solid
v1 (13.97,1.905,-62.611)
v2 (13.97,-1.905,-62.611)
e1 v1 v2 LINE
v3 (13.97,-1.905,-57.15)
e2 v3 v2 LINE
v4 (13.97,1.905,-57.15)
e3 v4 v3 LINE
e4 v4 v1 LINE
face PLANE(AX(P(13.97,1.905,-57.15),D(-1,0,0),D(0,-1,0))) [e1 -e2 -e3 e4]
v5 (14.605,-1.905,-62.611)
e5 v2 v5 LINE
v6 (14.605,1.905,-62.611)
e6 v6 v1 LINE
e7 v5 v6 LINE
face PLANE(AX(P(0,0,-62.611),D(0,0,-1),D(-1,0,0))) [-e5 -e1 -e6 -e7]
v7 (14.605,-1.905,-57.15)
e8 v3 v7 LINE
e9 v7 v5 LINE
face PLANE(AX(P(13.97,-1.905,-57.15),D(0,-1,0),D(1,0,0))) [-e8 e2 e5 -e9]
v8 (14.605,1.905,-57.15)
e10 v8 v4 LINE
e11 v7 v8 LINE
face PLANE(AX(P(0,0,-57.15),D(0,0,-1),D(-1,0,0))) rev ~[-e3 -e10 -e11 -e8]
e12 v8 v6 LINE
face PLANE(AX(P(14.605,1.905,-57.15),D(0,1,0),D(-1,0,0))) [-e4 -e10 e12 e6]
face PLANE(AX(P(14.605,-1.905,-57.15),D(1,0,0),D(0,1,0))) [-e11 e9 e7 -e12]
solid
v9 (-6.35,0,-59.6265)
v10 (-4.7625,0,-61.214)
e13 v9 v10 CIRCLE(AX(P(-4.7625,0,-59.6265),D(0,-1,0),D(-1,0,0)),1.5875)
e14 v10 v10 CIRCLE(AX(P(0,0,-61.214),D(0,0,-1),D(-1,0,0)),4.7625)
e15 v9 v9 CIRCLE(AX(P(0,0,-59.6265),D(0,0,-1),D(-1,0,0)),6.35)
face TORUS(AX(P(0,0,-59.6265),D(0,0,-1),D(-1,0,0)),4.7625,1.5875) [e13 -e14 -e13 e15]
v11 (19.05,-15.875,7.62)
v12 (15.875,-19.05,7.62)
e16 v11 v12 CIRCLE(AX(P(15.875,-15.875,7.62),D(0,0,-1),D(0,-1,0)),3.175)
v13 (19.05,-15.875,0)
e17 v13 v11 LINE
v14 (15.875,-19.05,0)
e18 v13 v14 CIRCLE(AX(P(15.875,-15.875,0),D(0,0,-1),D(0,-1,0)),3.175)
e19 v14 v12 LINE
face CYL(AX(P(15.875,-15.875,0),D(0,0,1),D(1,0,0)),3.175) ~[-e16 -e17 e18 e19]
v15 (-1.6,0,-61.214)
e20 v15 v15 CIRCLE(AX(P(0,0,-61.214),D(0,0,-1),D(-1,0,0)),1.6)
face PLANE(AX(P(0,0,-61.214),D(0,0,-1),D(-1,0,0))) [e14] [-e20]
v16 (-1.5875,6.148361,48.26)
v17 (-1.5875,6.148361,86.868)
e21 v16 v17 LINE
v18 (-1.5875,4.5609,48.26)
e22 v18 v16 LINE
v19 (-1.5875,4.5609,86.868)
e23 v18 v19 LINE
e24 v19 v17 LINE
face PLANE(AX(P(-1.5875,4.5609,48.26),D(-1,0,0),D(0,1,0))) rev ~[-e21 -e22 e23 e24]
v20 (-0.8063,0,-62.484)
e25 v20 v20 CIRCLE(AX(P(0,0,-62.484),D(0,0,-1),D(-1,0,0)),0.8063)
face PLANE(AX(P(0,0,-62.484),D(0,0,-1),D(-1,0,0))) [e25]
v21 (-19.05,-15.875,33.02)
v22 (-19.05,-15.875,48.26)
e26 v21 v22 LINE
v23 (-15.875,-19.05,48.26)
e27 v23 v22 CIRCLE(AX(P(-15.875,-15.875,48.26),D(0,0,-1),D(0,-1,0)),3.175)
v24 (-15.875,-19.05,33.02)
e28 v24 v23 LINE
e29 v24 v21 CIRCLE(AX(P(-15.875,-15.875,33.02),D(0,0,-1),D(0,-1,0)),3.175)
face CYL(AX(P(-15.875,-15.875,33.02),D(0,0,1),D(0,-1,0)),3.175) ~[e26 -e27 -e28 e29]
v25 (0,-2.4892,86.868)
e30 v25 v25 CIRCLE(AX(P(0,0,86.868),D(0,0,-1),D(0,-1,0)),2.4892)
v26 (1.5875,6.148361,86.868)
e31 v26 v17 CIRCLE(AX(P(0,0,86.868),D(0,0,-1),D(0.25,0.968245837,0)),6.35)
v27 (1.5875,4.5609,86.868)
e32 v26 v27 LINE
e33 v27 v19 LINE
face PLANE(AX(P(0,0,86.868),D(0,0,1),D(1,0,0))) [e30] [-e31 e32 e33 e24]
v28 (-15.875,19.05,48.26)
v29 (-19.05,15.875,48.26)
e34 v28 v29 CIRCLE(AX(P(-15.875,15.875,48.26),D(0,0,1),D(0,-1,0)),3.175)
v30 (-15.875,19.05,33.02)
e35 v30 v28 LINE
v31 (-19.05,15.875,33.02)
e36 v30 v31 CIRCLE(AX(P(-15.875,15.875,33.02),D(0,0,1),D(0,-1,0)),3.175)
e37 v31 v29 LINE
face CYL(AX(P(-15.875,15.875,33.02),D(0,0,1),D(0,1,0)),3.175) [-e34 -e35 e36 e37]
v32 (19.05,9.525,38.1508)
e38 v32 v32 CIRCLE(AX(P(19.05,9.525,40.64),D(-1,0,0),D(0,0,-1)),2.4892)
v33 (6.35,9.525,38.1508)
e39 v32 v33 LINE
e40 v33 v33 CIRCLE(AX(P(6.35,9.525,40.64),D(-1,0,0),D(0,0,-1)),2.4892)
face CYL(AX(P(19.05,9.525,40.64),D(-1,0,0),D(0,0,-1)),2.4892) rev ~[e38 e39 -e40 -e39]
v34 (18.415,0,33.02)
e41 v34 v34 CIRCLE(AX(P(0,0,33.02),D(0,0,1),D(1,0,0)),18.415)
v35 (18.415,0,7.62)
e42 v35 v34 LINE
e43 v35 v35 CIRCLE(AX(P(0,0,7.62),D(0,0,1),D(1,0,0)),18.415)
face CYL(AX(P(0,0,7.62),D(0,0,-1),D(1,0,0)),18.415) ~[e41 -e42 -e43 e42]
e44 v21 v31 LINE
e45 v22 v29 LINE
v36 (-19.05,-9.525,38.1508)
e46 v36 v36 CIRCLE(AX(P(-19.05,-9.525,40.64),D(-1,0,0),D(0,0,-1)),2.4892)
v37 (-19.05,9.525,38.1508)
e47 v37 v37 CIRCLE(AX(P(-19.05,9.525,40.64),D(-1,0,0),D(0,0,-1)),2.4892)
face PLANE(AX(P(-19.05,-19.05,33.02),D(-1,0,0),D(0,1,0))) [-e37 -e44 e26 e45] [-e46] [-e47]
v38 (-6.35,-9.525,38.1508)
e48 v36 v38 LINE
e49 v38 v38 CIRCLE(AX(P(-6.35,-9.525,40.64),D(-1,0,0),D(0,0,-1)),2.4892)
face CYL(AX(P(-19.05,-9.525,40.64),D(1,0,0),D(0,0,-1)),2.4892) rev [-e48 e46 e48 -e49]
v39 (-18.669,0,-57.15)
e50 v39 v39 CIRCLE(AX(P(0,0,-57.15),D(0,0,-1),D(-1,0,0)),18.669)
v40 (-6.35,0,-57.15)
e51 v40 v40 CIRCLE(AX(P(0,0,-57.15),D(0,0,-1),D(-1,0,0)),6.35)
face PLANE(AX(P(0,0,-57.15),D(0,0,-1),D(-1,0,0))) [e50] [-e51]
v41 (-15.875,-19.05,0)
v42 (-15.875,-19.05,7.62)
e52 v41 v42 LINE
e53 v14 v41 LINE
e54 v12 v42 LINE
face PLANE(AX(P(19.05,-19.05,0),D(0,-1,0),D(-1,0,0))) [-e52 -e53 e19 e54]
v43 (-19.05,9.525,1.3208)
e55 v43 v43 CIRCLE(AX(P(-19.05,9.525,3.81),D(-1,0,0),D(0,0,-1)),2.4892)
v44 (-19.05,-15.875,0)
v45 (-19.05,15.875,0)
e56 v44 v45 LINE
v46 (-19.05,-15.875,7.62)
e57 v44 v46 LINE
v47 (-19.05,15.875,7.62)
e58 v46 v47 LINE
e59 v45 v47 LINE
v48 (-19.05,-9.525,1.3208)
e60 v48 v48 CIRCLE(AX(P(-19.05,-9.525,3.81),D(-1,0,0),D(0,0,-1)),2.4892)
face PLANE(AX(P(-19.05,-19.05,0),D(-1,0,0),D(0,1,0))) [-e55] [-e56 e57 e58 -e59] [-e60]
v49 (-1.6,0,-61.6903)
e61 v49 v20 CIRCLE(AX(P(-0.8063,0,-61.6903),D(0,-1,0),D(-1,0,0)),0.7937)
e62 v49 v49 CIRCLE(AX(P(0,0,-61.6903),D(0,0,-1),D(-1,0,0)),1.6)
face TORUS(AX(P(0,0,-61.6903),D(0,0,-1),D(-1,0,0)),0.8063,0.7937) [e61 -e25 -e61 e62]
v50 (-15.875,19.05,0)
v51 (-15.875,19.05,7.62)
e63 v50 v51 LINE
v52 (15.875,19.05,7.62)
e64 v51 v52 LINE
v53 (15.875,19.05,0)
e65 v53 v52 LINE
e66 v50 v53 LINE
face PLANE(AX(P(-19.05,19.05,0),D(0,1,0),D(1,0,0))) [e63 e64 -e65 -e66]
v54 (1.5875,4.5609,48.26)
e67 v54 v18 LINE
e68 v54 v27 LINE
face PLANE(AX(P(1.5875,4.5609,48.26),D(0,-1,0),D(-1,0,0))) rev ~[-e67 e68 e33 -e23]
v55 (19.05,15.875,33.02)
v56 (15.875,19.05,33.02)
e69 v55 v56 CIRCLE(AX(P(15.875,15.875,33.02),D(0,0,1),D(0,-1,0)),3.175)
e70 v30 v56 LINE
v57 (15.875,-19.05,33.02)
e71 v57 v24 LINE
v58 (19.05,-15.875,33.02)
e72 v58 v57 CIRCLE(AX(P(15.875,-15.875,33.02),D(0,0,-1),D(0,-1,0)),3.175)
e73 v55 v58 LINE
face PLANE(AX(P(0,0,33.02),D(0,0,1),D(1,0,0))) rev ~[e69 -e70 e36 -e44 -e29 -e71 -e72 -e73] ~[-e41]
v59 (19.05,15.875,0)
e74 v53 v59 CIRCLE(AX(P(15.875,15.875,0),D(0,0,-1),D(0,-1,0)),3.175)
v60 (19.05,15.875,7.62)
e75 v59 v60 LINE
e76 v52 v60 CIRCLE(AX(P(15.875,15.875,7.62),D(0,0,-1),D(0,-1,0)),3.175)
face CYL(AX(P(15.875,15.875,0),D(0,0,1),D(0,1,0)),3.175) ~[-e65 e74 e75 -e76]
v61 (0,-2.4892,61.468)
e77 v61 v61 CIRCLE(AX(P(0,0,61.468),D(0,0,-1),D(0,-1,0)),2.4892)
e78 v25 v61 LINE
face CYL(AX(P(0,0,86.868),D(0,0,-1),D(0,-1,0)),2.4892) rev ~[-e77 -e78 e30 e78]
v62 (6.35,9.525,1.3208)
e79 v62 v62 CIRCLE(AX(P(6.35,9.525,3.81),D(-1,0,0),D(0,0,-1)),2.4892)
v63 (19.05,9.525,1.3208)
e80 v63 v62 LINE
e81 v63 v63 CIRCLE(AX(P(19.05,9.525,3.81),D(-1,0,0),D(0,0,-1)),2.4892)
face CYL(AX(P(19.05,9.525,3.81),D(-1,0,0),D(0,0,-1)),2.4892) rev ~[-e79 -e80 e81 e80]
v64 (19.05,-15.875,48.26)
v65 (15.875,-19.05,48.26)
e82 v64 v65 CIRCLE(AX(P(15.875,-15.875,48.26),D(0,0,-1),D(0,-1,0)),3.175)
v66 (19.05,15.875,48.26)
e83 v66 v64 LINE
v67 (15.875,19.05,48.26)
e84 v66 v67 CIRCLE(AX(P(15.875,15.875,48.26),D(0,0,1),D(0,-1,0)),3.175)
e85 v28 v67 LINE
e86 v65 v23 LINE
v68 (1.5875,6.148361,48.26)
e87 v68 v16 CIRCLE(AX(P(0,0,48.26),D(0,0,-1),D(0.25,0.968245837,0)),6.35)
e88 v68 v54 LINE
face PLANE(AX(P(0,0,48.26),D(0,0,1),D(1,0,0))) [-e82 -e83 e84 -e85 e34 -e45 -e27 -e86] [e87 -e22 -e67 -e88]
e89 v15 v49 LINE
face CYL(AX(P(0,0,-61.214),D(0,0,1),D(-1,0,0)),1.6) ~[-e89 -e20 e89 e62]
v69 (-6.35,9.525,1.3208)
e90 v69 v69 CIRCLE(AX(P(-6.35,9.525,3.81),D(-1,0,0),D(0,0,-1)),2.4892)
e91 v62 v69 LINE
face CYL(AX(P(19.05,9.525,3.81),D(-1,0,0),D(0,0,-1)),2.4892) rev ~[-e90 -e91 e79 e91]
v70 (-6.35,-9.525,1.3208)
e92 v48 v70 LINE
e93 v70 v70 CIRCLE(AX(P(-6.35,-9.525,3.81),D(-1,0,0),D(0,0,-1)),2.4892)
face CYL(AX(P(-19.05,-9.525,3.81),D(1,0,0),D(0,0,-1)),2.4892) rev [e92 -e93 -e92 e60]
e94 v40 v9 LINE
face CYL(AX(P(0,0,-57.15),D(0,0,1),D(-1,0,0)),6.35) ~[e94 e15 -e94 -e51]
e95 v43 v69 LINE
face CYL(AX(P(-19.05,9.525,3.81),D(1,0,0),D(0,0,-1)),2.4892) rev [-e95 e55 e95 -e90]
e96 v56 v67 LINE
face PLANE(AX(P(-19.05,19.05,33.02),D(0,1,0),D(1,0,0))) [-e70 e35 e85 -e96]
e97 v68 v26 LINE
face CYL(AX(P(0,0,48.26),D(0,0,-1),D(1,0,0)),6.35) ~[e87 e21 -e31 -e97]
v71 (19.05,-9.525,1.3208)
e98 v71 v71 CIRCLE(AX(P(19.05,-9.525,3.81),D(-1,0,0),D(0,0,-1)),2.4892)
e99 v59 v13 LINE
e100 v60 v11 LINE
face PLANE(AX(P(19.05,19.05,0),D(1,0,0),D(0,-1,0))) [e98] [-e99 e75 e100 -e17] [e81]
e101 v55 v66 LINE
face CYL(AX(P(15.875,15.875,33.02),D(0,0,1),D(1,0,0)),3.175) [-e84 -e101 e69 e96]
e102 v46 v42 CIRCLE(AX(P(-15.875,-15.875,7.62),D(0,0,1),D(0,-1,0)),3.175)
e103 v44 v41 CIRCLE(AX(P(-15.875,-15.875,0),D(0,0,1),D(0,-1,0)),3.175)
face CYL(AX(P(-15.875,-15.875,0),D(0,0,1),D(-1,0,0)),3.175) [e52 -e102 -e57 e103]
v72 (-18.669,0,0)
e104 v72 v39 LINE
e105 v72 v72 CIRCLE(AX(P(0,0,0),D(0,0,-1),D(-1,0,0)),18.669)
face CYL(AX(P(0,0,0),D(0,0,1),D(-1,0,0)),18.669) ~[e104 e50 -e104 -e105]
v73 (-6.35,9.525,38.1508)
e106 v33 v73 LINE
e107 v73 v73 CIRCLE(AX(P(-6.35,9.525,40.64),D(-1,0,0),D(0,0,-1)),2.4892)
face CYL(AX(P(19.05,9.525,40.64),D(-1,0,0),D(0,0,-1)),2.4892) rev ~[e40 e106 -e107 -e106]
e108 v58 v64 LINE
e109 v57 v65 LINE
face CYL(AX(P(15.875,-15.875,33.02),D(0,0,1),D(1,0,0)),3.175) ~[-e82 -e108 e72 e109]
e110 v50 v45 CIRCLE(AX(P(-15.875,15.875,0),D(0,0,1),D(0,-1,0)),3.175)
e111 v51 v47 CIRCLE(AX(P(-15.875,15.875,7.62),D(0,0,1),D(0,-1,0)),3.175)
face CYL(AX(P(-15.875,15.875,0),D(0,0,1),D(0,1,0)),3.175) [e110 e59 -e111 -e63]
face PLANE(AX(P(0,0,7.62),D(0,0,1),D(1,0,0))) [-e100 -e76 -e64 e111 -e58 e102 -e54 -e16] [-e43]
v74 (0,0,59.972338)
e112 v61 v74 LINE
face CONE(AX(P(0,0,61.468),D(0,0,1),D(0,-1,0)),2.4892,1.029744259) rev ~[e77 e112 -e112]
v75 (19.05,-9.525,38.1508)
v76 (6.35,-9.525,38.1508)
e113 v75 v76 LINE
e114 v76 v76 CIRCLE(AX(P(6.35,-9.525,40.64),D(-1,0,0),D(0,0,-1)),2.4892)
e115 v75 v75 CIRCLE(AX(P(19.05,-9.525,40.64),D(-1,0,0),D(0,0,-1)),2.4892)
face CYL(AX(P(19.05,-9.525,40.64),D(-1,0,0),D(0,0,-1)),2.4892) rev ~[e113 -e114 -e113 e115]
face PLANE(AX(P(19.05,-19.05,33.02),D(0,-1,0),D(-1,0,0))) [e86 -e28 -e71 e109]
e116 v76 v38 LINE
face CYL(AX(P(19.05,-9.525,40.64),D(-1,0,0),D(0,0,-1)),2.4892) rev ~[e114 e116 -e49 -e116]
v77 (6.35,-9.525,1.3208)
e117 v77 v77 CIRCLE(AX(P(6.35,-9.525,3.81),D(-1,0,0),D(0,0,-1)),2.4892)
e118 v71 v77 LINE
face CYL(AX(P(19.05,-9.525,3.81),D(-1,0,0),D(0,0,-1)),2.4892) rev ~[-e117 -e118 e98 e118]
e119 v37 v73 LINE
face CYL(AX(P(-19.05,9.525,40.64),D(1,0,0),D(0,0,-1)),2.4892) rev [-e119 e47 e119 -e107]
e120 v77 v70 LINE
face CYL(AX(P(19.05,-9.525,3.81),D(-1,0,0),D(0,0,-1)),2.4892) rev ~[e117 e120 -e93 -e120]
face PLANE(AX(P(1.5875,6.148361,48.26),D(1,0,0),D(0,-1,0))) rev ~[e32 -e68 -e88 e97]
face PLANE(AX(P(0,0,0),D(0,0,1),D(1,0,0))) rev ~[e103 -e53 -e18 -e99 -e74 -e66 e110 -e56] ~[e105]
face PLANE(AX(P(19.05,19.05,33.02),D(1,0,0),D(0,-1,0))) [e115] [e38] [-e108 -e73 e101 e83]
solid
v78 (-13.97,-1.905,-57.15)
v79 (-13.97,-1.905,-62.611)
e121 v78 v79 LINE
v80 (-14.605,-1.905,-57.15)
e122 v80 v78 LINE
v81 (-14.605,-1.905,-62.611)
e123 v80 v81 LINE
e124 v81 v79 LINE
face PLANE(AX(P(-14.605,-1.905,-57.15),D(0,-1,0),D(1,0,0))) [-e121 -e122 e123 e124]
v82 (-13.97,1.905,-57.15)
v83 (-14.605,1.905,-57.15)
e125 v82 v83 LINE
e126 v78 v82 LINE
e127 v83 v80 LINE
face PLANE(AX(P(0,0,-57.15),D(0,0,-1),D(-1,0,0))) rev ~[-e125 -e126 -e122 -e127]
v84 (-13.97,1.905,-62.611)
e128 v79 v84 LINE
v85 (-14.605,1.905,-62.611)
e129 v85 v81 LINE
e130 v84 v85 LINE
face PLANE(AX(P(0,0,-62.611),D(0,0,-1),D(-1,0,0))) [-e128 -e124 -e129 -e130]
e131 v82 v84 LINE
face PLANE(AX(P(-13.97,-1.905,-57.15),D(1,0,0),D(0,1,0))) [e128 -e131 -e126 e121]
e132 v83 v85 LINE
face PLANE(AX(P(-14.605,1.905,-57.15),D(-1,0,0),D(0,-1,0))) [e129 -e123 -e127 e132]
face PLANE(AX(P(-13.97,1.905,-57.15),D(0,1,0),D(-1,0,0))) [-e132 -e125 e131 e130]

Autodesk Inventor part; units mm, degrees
ref_plane "YZ Plane" through (0, 0, 0) normal (1, 0, 0) x (0, 1, 0)
ref_plane "XZ Plane" through (0, 0, 0) normal (0, 1, 0) x (-1, 0, 0)
sketch "Sketch3" plane through (0, 0, 0) normal (0, 0, 1) x (1, 0, 0)
  line L0 (-19.05, 19.05) -> (19.05, 19.05)
  line L1 (19.05, 19.05) -> (19.05, -19.05)
  line L2 (19.05, -19.05) -> (-19.05, -19.05)
  line L3 (-19.05, -19.05) -> (-19.05, 19.05)
  point P0 (0, 0)
  point P1 (-19.05, 0)
  point P2 (0, 19.05)
  dimension "d4" = 38.1
  dimension "d5" = 38.1
extrude "Extrusion2" add sketch "Sketch3" along normal blind 7.62
sketch "Sketch4" plane through (0, 0, 7.62) normal (0, 0, 1) x (1, 0, 0)
  circle A0 centre (0, 0) radius 18.415
  dimension "d8" = 36.83
extrude "Extrusion3" add sketch "Sketch4" along normal blind 25.4
sketch "Sketch5" plane through (0, 0, 33.02) normal (0, 0, 1) x (1, 0, 0)
  circle A0 centre (0, 0) radius 18.415 projected
  line L0 (19.05, 19.05) -> (19.05, -19.05) projected
  line L1 (-19.05, 19.05) -> (19.05, 19.05) projected
  line L2 (-19.05, -19.05) -> (-19.05, 19.05) projected
  line L3 (19.05, -19.05) -> (-19.05, -19.05) projected
extrude "Extrusion4" add sketch "Sketch5" along normal blind 15.24 contours A0 | L0 L3 L2 L1
sketch "Sketch6" plane through (0, 0, 48.26) normal (0, 0, 1) x (1, 0, 0)
  circle A0 centre (0, 0) radius 6.35
  line L0 (-1.5875, 7.7359) -> (1.5875, 7.7359)
  line L1 (1.5875, 7.7359) -> (1.5875, 4.5609)
  line L2 (1.5875, 4.5609) -> (-1.5875, 4.5609)
  line L3 (-1.5875, 4.5609) -> (-1.5875, 7.7359)
  line L4 (-1.5875, 6.1484) -> (1.5875, 6.1484) construction
  point P0 (0, 0)
  point P1 (0, 4.5609)
  dimension "d13" = 12.7
  dimension "d14" = 3.175
  dimension "d16" = 1.5875
extrude "Extrusion5" add sketch "Sketch6" along normal blind 38.608 contours A0 L3 L2 L1 picked at (0.1781, 0.9314)
sketch "Sketch7" plane through (19.05, -19.05, 33.02) normal (1, 0, 0) x (0, 0, -1)
  line L0 (0, 0) -> (-15.24, 0) projected
  line L1 (0, 38.1) -> (-15.24, 38.1) projected
  line L2 (25.4, 38.1) -> (25.4, 0) projected
  line L3 (33.02, 0) -> (25.4, 0) projected
  line L4 (33.02, 38.1) -> (33.02, 0) projected
  line L5 (33.02, 38.1) -> (25.4, 38.1) projected
  point P0 (33.02, 19.05)
  point P1 (-7.62, 28.575)
  point P2 (-7.62, 9.525)
  point P3 (-7.62, 38.1)
  point P4 (-7.62, 0)
  point P5 (29.21, 28.575)
  point P6 (29.21, 9.525)
  point P7 (29.21, 38.1)
  point P8 (29.21, 0)
  dimension "d19" = 9.525
  dimension "d20" = 9.525
hole "Hole1" at (19.05, 9.525, 40.64) at (19.05, -9.525, 40.64) at (19.05, 9.525, 3.81) at (19.05, -9.525, 3.81) direction (-1, 0, 0) diameter 4.9784 depth 25.4 tip angle 118 thread size "1/4-20 UNC" class "2B" standard "ANSI Unified Screw Threads"
ref_plane "Work Plane1" through (0, -19.05, 33.02) normal (1, 0, 0) x (0, 0, -1)
mirror "Mirror1" about plane through (0, -19.05, 33.02) normal (1, 0, 0) of "Hole1"
sketch "Sketch8" plane through (0, 0, 86.868) normal (0, 0, 1) x (1, 0, 0)
  arc A0 (-1.5875, 6.1484) -> (1.5875, 6.1484) centre (0, 0) ccw projected
hole "Hole2" at (0, 0, 86.868) direction (0, 0, -1) diameter 4.9784 depth 25.4 tip angle 118 thread size "1/4-20 UNC" class "2B" standard "ANSI Unified Screw Threads"
sketch "Sketch9" plane through (0, 0, 0) normal (0, 0, -1) x (-1, 0, 0)
  circle A0 centre (0, 0) radius 18.669
  dimension "d35" = 37.338
extrude "Extrusion6" add sketch "Sketch9" along normal blind 57.15
sketch "Sketch10" plane through (0, 0, -57.15) normal (0, 0, -1) x (-1, 0, 0)
  circle A0 centre (0, 0) radius 18.669 projected
  line L0 (-14.605, 1.905) -> (-13.97, 1.905)
  line L1 (-13.97, 1.905) -> (-13.97, -1.905)
  line L2 (-13.97, -1.905) -> (-14.605, -1.905)
  line L3 (-14.605, -1.905) -> (-14.605, 1.905)
  line L4 (13.97, 1.905) -> (14.605, 1.905)
  line L5 (14.605, 1.905) -> (14.605, -1.905)
  line L6 (14.605, -1.905) -> (13.97, -1.905)
  line L7 (13.97, -1.905) -> (13.97, 1.905)
  point P0 (-13.97, 0)
  point P1 (13.97, 0)
  dimension "d38" = 3.81
  dimension "d39" = 0.635
  dimension "d40" = 13.97
  dimension "d41" = 13.97
extrude "Extrusion7" add sketch "Sketch10" along normal blind 5.461 separate body contours L0 L1 L2 L3 | L4 L5 L6 L7
sketch "Sketch11" plane through (0, 0, -57.15) normal (0, 0, -1) x (-1, 0, 0)
  circle A0 centre (0, 0) radius 18.669 projected
  circle A1 centre (0, 0) radius 6.35
  dimension "d44" = 12.7
extrude "Extrusion8" add sketch "Sketch11" along normal blind 4.064 contours A1 bodies 1
sketch "Sketch12" plane through (0, 0, -61.214) normal (0, 0, -1) x (-1, 0, 0)
  circle A0 centre (0, 0) radius 6.35 projected
  circle A1 centre (0, 0) radius 1.6
  dimension "d47" = 3.2
extrude "Extrusion9" add sketch "Sketch12" along normal blind 1.27 contours A1 bodies 1
fillet "Fillet1" radius 1.5875 1 edges at (6.35, 0, -61.214)
fillet "Fillet2" radius 0.7937 1 edges at (1.6, 0, -62.484)
fillet "Fillet3" radius 3.175 8 edges at (-19.05, 19.05, 3.81) (-19.05, 19.05, 40.64) (-19.05, -19.05, 40.64) (-19.05, -19.05, 3.81) (19.05, 19.05, 3.81) (19.05, 19.05, 40.64) (19.05, -19.05, 3.81) (19.05, -19.05, 40.64)
properties part number "Banebot P60 20to1 with RS-550 Motor"
